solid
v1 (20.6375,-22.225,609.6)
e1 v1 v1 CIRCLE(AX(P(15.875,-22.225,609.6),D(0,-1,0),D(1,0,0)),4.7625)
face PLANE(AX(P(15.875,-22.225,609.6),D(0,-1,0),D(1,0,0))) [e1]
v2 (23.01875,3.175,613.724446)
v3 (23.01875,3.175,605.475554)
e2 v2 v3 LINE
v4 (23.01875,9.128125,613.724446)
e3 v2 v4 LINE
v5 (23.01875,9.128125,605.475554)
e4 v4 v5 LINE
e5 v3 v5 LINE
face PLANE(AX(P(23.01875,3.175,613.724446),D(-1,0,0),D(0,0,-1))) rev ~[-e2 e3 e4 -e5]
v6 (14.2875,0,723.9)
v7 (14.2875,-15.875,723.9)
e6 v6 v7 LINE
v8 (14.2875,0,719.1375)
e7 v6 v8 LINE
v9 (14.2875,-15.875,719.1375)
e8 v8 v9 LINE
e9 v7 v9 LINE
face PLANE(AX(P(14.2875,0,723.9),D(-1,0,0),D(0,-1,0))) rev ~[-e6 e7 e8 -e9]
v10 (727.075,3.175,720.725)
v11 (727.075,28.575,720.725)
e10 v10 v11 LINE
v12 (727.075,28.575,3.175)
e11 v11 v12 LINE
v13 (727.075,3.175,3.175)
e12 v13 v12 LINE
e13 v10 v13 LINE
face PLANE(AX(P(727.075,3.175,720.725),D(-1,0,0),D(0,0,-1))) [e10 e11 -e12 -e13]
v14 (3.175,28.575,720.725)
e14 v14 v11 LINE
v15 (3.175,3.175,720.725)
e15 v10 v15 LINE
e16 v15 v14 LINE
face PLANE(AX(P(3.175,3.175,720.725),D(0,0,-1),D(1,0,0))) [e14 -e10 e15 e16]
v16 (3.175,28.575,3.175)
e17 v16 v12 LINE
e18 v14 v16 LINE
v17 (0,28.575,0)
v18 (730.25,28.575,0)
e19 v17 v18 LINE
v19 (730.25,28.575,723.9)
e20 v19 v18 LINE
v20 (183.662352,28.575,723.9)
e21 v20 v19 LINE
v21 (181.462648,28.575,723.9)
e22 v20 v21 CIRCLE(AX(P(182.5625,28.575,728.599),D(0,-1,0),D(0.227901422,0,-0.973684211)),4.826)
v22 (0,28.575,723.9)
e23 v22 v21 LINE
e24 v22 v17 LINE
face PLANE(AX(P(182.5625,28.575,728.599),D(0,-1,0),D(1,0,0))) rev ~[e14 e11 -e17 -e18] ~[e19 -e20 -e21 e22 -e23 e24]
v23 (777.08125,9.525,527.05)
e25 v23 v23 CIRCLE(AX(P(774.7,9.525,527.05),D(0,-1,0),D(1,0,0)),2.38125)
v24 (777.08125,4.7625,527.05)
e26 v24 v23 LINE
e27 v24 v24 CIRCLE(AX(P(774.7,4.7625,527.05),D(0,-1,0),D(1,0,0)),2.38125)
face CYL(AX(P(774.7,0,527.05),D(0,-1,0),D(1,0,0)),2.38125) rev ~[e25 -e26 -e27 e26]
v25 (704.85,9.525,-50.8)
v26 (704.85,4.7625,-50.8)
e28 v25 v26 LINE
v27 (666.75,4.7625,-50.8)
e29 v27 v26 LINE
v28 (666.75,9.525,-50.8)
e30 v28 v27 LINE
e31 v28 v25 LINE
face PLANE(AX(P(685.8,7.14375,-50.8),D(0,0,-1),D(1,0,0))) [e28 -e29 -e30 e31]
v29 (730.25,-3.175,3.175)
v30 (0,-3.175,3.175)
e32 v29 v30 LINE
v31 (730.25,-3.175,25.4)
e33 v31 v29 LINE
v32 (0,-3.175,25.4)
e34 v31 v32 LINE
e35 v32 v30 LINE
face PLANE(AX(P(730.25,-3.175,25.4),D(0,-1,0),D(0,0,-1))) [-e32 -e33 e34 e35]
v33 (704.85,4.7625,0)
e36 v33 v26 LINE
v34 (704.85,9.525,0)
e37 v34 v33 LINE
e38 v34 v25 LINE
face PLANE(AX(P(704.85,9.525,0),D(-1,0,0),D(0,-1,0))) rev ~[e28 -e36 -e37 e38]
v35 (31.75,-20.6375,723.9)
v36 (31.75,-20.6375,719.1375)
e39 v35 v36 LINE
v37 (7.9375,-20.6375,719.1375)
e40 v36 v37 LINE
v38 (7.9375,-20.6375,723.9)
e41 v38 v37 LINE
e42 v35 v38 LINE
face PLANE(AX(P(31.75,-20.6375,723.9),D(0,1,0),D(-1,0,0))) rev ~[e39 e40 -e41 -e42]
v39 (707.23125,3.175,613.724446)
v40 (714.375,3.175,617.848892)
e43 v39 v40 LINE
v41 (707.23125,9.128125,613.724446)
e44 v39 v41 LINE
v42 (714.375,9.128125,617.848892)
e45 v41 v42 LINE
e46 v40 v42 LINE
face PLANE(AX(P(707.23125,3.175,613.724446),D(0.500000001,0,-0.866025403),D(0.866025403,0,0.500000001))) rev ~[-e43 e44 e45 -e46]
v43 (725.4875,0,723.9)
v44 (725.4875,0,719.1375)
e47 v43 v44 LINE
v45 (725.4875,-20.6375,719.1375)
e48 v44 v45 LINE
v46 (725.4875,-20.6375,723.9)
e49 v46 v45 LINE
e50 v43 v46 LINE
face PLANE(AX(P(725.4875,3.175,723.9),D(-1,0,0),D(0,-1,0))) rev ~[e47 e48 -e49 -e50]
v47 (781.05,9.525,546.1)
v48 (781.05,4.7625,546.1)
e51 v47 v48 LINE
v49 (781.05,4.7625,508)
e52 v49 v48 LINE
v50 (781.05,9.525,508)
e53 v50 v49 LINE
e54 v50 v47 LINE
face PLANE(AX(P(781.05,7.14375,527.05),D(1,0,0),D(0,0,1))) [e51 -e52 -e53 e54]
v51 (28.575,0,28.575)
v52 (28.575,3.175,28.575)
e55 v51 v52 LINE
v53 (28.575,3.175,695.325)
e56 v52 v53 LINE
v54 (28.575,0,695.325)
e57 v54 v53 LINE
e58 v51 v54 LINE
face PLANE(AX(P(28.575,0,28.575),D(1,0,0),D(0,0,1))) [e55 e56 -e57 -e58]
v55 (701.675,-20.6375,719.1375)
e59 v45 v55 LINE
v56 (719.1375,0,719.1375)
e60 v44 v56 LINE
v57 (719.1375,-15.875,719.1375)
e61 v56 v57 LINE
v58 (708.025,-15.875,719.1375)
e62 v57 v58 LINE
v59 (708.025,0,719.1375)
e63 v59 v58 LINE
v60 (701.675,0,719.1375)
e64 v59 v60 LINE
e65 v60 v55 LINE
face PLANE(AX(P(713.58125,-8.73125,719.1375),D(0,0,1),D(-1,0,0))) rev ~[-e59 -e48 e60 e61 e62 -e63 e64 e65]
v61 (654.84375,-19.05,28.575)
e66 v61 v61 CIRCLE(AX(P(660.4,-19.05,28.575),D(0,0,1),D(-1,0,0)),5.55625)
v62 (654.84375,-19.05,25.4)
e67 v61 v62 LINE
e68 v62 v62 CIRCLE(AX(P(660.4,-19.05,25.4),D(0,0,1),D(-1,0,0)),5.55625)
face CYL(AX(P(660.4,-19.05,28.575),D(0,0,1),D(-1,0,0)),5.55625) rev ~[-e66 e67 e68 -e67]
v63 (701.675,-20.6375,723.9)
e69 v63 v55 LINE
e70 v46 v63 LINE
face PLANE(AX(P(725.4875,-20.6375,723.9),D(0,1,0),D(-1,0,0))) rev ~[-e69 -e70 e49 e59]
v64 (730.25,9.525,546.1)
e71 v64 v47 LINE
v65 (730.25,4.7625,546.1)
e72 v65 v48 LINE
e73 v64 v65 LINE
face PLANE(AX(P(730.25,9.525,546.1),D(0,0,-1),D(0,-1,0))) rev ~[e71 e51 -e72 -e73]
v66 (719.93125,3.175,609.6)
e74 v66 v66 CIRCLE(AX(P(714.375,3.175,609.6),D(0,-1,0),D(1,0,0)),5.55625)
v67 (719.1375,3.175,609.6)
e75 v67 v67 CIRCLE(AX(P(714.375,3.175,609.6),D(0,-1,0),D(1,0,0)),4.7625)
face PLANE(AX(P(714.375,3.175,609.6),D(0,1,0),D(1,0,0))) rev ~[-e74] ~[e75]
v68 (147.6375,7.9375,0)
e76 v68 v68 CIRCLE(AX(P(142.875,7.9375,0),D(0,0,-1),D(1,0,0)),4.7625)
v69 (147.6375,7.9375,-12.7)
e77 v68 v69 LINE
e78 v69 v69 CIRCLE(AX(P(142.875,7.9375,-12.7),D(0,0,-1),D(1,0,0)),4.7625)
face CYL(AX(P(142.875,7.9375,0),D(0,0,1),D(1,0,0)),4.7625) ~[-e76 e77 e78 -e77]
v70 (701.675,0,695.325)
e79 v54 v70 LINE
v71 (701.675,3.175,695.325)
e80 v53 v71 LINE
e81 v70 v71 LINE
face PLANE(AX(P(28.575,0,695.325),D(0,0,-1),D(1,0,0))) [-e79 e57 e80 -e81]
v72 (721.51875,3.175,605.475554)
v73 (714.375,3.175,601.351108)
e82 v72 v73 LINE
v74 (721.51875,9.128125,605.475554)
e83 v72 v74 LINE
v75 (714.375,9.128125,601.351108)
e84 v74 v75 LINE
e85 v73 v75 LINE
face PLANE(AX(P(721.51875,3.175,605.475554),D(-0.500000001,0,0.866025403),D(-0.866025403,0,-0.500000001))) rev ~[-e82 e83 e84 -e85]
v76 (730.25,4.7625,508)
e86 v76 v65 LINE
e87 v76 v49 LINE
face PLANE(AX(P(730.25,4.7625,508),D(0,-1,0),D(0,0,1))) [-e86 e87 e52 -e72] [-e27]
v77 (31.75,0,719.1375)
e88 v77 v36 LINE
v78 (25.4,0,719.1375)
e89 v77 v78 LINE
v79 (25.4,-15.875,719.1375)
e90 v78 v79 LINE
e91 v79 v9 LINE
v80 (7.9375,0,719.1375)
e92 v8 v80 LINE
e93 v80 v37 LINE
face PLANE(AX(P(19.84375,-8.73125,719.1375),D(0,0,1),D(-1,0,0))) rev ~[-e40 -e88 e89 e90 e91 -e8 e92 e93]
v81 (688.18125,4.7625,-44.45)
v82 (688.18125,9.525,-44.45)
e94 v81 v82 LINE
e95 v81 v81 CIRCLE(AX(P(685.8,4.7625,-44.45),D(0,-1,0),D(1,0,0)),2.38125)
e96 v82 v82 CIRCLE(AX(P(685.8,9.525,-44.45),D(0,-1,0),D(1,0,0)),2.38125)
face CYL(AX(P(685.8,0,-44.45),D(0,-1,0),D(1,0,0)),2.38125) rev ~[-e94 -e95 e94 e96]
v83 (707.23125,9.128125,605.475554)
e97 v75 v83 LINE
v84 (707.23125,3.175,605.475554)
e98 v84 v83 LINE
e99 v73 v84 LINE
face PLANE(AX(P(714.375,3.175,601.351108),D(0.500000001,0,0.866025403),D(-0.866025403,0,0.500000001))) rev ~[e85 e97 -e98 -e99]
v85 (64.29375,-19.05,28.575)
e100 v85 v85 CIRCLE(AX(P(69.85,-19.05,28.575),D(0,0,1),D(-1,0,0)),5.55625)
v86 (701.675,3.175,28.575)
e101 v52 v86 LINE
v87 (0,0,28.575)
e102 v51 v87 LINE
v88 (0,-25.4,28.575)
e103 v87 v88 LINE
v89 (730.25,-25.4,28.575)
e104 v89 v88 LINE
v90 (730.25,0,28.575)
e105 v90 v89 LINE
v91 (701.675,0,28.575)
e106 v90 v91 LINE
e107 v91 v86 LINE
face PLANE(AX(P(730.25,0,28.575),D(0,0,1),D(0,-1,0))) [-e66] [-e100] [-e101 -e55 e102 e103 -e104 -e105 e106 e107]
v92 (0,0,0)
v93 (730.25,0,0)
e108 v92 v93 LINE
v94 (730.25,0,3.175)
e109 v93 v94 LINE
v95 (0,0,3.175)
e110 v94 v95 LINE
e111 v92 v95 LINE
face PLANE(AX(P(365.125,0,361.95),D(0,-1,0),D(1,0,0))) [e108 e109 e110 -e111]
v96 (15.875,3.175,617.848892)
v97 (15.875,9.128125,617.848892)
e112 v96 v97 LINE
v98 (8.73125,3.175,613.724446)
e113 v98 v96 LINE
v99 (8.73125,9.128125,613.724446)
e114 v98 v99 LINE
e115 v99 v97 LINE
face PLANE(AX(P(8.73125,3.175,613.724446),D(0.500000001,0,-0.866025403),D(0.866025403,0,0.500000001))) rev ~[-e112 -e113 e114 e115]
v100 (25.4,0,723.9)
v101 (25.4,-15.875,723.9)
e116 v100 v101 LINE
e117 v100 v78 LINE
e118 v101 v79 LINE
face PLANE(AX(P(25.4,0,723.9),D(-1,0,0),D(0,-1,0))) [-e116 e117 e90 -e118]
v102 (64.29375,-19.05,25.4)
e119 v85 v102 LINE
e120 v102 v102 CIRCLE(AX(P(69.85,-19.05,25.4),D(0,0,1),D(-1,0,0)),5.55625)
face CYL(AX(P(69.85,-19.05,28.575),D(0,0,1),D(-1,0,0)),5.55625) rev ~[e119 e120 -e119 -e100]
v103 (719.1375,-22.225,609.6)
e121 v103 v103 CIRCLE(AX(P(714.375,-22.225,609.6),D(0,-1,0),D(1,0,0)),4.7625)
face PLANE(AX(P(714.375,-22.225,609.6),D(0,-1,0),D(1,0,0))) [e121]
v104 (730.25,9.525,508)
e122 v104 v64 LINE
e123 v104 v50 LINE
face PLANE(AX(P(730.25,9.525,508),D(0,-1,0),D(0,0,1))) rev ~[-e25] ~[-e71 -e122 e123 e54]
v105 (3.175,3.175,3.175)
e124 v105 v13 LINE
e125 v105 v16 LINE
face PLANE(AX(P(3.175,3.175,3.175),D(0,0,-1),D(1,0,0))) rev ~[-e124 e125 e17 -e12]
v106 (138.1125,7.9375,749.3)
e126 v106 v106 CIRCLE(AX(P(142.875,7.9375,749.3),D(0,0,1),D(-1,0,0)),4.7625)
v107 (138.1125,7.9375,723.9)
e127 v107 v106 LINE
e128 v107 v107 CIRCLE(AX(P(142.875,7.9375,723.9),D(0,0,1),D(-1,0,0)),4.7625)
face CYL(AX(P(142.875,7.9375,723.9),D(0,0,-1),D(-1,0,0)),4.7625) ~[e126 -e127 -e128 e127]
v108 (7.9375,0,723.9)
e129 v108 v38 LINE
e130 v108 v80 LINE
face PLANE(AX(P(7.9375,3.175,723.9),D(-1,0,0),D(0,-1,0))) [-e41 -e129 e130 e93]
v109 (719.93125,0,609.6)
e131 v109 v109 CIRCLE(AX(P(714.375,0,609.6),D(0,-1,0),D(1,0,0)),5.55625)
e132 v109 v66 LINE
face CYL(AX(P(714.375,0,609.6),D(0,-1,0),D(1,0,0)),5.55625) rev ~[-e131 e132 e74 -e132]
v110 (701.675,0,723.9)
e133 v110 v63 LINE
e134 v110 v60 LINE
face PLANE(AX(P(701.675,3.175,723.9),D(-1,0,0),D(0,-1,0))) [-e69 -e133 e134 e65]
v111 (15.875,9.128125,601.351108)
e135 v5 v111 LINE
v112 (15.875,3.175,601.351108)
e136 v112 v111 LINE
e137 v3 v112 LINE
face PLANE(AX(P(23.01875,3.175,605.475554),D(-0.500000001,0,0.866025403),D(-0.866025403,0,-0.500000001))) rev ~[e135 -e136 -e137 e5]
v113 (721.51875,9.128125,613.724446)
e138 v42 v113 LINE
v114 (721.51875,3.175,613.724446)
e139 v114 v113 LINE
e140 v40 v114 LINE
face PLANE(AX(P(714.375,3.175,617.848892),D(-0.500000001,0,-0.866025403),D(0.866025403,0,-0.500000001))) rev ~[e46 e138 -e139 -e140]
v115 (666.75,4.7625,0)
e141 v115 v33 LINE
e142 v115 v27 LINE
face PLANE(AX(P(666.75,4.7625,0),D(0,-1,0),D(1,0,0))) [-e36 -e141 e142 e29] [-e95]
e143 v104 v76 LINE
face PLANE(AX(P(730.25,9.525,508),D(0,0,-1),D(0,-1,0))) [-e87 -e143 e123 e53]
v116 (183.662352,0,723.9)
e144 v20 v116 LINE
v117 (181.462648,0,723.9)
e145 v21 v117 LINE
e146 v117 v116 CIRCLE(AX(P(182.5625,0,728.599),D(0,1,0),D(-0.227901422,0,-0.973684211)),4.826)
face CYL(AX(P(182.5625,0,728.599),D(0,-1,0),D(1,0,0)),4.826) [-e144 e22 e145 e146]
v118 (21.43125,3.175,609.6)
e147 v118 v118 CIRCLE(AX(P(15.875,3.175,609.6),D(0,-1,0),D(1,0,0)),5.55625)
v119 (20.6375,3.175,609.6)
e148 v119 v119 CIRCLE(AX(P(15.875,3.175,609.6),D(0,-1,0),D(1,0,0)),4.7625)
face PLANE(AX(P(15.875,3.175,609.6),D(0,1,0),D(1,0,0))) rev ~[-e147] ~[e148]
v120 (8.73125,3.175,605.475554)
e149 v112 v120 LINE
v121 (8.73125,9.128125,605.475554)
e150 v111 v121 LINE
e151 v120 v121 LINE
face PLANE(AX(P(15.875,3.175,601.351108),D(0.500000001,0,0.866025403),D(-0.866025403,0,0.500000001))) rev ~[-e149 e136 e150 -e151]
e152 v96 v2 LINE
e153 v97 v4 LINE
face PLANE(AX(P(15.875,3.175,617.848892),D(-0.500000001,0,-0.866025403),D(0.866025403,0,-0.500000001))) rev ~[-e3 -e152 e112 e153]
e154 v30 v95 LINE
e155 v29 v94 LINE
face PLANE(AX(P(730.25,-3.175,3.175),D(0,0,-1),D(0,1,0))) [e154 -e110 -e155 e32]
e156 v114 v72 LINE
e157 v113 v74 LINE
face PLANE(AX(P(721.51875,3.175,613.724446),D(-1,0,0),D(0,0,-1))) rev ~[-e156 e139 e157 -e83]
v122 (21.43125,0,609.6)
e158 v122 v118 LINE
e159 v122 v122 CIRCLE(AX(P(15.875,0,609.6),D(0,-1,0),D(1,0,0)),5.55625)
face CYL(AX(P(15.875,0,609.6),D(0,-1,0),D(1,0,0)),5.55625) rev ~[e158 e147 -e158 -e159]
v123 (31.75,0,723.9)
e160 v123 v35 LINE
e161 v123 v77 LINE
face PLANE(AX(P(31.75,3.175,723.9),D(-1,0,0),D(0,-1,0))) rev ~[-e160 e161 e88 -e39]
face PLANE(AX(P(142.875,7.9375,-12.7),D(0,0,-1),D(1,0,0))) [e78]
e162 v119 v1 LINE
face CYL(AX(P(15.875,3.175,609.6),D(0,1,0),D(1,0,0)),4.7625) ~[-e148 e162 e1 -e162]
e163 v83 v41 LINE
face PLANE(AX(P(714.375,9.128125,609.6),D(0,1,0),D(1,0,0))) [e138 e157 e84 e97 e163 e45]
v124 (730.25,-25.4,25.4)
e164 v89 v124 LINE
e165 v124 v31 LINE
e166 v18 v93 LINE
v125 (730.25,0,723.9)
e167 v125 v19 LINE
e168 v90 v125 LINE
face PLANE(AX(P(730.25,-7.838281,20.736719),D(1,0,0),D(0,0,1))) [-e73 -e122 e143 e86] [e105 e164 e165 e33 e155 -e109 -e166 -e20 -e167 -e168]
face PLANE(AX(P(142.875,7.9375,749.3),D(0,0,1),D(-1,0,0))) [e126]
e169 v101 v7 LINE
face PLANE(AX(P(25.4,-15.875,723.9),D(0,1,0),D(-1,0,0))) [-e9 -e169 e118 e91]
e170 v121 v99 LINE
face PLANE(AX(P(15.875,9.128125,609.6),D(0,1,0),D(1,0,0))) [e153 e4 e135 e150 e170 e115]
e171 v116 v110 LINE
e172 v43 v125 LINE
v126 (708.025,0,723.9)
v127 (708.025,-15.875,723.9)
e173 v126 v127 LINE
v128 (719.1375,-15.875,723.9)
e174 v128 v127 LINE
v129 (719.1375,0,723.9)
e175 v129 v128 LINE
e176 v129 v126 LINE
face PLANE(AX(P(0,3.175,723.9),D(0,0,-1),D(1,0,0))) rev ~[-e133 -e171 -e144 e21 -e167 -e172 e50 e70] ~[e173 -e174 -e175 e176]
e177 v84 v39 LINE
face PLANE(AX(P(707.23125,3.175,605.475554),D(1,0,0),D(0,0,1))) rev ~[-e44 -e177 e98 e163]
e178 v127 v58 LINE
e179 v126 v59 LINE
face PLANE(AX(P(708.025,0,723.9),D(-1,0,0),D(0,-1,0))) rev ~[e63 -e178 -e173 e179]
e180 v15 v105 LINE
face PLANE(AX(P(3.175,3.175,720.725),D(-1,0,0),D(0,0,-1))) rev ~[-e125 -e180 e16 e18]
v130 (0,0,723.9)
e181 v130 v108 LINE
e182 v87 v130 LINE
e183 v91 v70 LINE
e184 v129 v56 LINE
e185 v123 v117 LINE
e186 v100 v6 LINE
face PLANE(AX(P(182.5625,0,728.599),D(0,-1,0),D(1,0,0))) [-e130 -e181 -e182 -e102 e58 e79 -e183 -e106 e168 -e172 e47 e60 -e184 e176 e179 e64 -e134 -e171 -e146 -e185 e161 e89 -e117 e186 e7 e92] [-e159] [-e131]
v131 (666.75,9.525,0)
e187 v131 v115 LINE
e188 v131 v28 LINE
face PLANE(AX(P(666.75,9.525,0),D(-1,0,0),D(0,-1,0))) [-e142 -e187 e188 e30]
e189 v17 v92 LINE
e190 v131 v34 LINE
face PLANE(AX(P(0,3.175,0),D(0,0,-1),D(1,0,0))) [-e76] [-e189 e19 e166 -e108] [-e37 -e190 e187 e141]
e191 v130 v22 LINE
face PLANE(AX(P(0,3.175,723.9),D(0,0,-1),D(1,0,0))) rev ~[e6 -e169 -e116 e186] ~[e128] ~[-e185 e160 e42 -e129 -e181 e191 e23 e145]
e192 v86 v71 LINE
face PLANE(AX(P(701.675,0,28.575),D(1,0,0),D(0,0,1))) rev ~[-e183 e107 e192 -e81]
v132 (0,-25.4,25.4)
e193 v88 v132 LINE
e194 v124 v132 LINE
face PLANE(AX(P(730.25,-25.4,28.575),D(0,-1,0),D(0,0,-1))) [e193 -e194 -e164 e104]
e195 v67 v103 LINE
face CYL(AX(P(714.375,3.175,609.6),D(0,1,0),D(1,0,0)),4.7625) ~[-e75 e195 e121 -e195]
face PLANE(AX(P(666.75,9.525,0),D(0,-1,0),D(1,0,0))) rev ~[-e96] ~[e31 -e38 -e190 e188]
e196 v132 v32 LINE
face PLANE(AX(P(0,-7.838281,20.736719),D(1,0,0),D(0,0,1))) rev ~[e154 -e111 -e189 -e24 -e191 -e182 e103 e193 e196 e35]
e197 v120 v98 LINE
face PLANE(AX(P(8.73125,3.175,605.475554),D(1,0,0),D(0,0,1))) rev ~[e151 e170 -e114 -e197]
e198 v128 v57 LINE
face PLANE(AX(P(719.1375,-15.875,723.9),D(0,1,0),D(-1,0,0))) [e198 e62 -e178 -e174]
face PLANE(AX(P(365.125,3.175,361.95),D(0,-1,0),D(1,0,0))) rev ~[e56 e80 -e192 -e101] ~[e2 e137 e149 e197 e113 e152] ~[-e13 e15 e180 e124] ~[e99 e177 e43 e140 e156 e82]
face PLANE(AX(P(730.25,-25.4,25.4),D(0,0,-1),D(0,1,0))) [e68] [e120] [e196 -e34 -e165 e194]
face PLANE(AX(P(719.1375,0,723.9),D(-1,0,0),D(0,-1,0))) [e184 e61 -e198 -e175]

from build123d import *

# Parameters (mm, degrees)
SKETCH_W        = 730.25
SKETCH_H        = 723.9
SKETCH_W_2      = 673.1
SKETCH_H_2      = 666.75
PAD_DEPTH       = 3.175
SKETCH001_W     = 730.25
SKETCH001_H     = 723.9
SKETCH001_W_2   = 723.9
SKETCH001_H_2   = 717.55
PAD001_DEPTH    = 25.4
PAD002_DEPTH    = 730.25
SKETCH003_R     = 5.55625
POCKET_DEPTH    = 28.576
SKETCH004_W     = 23.8125
SKETCH004_H     = 23.8125
SKETCH004_W_2   = 11.1125
SKETCH004_H_2   = 15.875
PAD003_DEPTH    = 4.7625
SKETCH005_R     = 4.7625
PAD004_DEPTH    = 25.4
SKETCH006_R     = 4.7625
PAD005_DEPTH    = 12.7
SKETCH007_R     = 4.826
PAD006_DEPTH    = 28.575
SKETCH008_R     = 5.55625
POCKET001_DEPTH = 28.576
PAD007_DEPTH    = 5.953125
SKETCH010_R     = 4.7625
PAD008_DEPTH    = 25.4
SKETCH011_W     = 38.1
SKETCH011_H     = 4.7625
PAD009_DEPTH    = 50.8
SKETCH012_W     = 38.1
SKETCH012_H     = 4.7625
PAD010_DEPTH    = 50.8
SKETCH013_R     = 2.38125
POCKET002_DEPTH = 28.576


with BuildPart() as part:
    # Sketch → Pad (new body)
    with BuildSketch(Plane.XZ):
        with Locations((365.125, 361.95)):
            Rectangle(SKETCH_W, SKETCH_H)
        with Locations((365.125, 361.95)):
            Rectangle(SKETCH_W_2, SKETCH_H_2, mode=Mode.SUBTRACT)
    extrude(amount=-PAD_DEPTH)

    # Sketch001 (on Face10 of Pad) → Pad001 (join)
    with BuildSketch(Plane(origin=(0, 3.175, 0), x_dir=(1, 0, 0), z_dir=(0, 1, 0))):
        with Locations((365.125, -361.95)):
            Rectangle(SKETCH001_W, SKETCH001_H)
        with Locations((365.125, -361.95)):
            Rectangle(SKETCH001_W_2, SKETCH001_H_2, mode=Mode.SUBTRACT)
    extrude(amount=PAD001_DEPTH)

    # Sketch002 (on Face3 of Pad001) → Pad002 (join)
    with BuildSketch(Plane(origin=(730.25, 0, 0), x_dir=(0, 0, 1), z_dir=(1, 0, 0))):
        Polygon((3.175, 0), (28.575, 0), (28.575, 25.4), (25.4, 25.4), (25.4, 3.175), (3.175, 3.175), align=None)
    extrude(amount=-PAD002_DEPTH)

    # Sketch003 (on Face15 of Pad002) → Pocket (cut, through all)
    with BuildSketch(Plane(origin=(0, 0, 28.575), x_dir=(-1, 0, 0), z_dir=(0, 0, 1))):
        with Locations((-660.4, 19.05)):
            Circle(SKETCH003_R)
        with Locations((-69.85, 19.05)):
            Circle(SKETCH003_R)
    extrude(amount=-POCKET_DEPTH, mode=Mode.SUBTRACT)

    # Sketch004 (on Face6 of Pocket) → Pad003 (join)
    with BuildSketch(Plane(origin=(0, 0, 723.9), x_dir=(-1, 0, 0), z_dir=(0, 0, 1))):
        with Locations((-713.58125, 8.73125)):
            Rectangle(SKETCH004_W, SKETCH004_H)
        with Locations((-713.58125, 7.9375)):
            Rectangle(SKETCH004_W_2, SKETCH004_H_2, mode=Mode.SUBTRACT)
        with Locations((-19.84375, 8.73125)):
            Rectangle(SKETCH004_W, SKETCH004_H)
        with Locations((-19.84375, 7.9375)):
            Rectangle(SKETCH004_W_2, SKETCH004_H_2, mode=Mode.SUBTRACT)
    extrude(amount=-PAD003_DEPTH)

    # Sketch005 (on Face16 of Pad003) → Pad004 (join)
    with BuildSketch(Plane(origin=(0, 0, 723.9), x_dir=(-1, 0, 0), z_dir=(0, 0, 1))):
        with Locations((-142.875, -7.9375)):
            Circle(SKETCH005_R)
    extrude(amount=PAD004_DEPTH)

    # Sketch006 (on Face5 of Pad004) → Pad005 (join)
    with BuildSketch(Plane(origin=(0, 0, 0), x_dir=(1, 0, 0), z_dir=(0, 0, -1))):
        with Locations((142.875, -7.9375)):
            Circle(SKETCH006_R)
    extrude(amount=PAD005_DEPTH)

    # Sketch007 (on Face7 of Pad005) → Pad006 (join)
    with BuildSketch(Plane.XZ):
        with Locations((182.5625, 728.599)):
            Circle(SKETCH007_R)
    extrude(amount=-PAD006_DEPTH)

    # Sketch008 (on Face7 of Pad006) → Pocket001 (cut, through all)
    with BuildSketch(Plane.XZ):
        with Locations((15.875, 609.6)):
            Circle(SKETCH008_R)
        with Locations((714.375, 609.6)):
            Circle(SKETCH008_R)
    extrude(amount=-POCKET001_DEPTH, mode=Mode.SUBTRACT)

    # Sketch009 (on Face49 of Pocket001) → Pad007 (join)
    with BuildSketch(Plane(origin=(0, 3.175, 0), x_dir=(1, 0, 0), z_dir=(0, 1, 0))):
        Polygon((23.01875, -605.475554), (15.875, -601.351108), (8.73125, -605.475554), (8.73125, -613.724446), (15.875, -617.848892), (23.01875, -613.724446), align=None)
        Polygon((714.375, -601.351108), (707.23125, -605.475554), (707.23125, -613.724446), (714.375, -617.848892), (721.51875, -613.724446), (721.51875, -605.475554), align=None)
    extrude(amount=PAD007_DEPTH)

    # Sketch010 (on Face64 of Pad007) → Pad008 (join)
    with BuildSketch(Plane.XZ.offset(-3.175)):
        with Locations((15.875, 609.6)):
            Circle(SKETCH010_R)
        with Locations((714.375, 609.6)):
            Circle(SKETCH010_R)
    extrude(amount=PAD008_DEPTH)

    # Sketch011 (on Face12 of Pad008) → Pad009 (join)
    with BuildSketch(Plane(origin=(730.25, 0, 0), x_dir=(0, 0, 1), z_dir=(1, 0, 0))):
        with Locations((527.05, -7.14375)):
            Rectangle(SKETCH011_W, SKETCH011_H)
    extrude(amount=PAD009_DEPTH)

    # Sketch012 (on Face5 of Pad009) → Pad010 (join)
    with BuildSketch(Plane(origin=(0, 0, 0), x_dir=(1, 0, 0), z_dir=(0, 0, -1))):
        with Locations((685.8, -7.14375)):
            Rectangle(SKETCH012_W, SKETCH012_H)
    extrude(amount=PAD010_DEPTH)

    # Sketch013 (on Face7 of Pad010) → Pocket002 (cut, through all)
    with BuildSketch(Plane.XZ):
        with Locations((774.7, 527.05)):
            Circle(SKETCH013_R)
        with Locations((685.8, -44.45)):
            Circle(SKETCH013_R)
    extrude(amount=-POCKET002_DEPTH, mode=Mode.SUBTRACT)


solid = part.part
